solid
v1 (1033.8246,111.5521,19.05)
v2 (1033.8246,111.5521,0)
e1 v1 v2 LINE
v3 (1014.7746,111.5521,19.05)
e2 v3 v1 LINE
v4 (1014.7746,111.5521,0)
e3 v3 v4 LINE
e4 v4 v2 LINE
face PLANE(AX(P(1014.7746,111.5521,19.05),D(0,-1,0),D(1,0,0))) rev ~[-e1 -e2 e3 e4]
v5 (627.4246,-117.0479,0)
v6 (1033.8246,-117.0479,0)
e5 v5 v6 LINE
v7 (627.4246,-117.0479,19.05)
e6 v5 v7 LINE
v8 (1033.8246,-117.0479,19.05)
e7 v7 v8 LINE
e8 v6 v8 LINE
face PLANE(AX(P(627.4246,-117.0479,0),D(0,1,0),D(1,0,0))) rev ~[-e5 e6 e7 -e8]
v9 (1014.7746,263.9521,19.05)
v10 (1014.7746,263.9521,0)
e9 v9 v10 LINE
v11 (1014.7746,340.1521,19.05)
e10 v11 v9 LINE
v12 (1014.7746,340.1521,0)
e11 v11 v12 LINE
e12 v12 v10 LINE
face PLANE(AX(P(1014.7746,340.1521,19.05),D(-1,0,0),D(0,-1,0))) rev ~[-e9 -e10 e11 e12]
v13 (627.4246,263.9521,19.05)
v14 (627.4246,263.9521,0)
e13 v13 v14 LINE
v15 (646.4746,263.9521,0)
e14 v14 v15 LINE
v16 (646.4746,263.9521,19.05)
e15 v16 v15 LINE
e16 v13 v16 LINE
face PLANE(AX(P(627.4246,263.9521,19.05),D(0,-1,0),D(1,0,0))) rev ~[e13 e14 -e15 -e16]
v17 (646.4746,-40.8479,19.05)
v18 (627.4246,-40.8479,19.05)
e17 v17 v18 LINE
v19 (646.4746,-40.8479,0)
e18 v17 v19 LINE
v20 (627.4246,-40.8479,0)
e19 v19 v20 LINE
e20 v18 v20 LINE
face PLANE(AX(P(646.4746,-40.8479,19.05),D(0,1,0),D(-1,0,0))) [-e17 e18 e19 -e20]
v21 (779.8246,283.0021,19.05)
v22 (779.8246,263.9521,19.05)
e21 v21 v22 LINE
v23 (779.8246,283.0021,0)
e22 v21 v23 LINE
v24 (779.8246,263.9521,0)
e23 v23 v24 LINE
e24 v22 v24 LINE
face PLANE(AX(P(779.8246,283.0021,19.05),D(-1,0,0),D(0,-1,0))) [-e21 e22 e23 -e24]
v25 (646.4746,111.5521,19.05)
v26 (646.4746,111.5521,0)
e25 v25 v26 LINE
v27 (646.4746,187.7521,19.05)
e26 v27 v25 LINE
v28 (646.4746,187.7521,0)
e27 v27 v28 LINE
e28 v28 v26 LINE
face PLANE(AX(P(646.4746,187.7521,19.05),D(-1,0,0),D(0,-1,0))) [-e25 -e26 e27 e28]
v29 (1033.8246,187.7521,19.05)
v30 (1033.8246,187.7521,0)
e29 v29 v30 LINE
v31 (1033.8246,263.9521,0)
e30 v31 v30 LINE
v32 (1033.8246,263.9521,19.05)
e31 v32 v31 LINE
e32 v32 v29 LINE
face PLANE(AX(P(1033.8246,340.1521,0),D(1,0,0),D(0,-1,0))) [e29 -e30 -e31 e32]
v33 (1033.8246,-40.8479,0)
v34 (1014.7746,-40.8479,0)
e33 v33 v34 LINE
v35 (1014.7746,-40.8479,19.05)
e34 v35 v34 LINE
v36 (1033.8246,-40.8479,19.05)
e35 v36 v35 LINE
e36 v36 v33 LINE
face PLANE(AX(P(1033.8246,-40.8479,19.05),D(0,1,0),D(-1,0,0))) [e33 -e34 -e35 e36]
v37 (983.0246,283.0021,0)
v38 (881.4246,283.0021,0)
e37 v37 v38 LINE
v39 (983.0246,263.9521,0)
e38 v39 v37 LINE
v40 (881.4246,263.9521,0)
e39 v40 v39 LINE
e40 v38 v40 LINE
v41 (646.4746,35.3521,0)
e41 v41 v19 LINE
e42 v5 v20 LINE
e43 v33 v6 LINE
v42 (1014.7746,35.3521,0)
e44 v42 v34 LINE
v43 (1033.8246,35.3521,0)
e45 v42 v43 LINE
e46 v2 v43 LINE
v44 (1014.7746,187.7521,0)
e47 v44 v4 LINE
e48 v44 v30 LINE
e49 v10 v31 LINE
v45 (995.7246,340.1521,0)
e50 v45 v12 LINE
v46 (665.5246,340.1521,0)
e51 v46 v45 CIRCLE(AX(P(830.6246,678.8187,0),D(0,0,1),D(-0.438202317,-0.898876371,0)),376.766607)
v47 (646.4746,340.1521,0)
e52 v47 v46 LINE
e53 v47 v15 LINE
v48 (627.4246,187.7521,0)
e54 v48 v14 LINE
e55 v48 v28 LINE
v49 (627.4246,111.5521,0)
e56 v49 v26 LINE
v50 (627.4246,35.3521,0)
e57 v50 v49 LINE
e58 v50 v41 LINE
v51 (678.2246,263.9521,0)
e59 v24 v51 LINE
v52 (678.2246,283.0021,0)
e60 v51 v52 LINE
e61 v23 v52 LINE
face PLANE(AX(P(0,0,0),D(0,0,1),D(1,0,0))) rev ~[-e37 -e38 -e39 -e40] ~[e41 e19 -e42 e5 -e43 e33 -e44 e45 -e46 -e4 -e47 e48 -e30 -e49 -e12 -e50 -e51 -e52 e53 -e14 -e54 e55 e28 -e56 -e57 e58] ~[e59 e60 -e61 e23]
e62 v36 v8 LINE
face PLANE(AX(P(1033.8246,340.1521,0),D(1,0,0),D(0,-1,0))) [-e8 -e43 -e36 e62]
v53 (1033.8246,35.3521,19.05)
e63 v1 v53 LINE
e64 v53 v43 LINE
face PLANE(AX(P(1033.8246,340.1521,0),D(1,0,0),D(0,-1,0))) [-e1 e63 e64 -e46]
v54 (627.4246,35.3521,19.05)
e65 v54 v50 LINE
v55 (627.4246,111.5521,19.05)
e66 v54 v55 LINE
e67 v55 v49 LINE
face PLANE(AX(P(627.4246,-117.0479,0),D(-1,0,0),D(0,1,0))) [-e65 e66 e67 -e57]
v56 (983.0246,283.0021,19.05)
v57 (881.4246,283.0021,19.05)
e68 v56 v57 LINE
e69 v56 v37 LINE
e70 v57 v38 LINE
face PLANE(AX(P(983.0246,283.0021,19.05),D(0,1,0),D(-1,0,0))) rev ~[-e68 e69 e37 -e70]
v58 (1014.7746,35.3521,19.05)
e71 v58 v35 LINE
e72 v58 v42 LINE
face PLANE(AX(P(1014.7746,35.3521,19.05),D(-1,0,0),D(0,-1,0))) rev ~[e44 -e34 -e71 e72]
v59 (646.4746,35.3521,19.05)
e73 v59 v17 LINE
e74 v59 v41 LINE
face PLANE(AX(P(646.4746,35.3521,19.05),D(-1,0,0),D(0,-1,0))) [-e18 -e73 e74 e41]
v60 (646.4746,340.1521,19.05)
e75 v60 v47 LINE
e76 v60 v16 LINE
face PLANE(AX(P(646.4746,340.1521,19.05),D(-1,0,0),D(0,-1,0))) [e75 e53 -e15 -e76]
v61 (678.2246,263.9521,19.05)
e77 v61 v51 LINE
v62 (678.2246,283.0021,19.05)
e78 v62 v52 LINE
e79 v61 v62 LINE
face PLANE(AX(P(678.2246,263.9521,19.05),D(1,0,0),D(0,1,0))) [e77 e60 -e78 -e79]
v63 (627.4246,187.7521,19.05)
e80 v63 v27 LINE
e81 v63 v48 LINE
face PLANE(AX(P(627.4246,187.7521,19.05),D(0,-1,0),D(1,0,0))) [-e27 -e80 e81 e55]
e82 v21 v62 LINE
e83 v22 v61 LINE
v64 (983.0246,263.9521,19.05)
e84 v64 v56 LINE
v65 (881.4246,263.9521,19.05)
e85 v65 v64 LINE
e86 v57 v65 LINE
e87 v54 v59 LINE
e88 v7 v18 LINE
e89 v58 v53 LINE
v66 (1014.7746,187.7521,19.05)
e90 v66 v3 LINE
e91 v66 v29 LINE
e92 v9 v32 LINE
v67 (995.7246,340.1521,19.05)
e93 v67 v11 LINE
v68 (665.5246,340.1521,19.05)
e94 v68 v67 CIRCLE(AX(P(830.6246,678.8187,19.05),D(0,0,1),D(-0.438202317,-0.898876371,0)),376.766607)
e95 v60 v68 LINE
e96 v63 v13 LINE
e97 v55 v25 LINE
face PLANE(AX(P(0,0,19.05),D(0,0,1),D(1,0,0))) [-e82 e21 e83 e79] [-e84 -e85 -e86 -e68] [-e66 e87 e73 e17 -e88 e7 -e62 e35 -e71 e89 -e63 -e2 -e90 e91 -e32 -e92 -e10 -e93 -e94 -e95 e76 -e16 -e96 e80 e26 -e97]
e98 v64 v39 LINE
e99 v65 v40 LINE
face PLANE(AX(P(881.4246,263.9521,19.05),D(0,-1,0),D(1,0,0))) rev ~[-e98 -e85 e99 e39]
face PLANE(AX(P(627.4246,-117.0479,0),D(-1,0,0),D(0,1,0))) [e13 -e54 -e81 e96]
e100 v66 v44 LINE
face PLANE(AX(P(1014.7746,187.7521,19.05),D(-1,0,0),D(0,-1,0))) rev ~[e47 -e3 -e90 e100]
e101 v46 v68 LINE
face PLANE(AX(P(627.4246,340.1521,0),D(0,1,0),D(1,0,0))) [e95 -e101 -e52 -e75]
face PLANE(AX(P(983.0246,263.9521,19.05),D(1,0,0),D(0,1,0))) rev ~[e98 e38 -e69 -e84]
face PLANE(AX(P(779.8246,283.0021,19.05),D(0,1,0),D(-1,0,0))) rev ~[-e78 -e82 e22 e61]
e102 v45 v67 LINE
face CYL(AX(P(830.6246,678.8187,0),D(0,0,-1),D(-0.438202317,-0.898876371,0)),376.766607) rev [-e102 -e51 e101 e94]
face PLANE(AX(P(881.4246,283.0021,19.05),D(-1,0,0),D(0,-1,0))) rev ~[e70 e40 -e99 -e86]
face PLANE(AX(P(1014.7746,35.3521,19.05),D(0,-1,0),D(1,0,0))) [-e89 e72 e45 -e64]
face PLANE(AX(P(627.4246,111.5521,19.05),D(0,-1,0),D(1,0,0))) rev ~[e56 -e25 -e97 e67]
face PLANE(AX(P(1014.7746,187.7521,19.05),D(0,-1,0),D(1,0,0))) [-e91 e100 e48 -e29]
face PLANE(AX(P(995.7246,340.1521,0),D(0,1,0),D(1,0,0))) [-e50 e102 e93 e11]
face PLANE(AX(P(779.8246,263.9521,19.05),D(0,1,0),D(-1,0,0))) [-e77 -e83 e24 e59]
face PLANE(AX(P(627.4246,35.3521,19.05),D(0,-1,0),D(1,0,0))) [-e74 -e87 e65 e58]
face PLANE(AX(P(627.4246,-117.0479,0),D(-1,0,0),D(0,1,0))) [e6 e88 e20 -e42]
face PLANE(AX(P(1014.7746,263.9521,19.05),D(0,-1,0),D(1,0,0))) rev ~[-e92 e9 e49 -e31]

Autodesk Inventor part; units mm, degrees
ref_plane "YZ Plane" through (0, 0, 0) normal (1, 0, 0) x (0, 1, 0)
ref_plane "XZ Plane" through (0, 0, 0) normal (0, 1, 0) x (-1, 0, 0)
ref_plane "XY Plane" through (0, 0, 0) normal (0, 0, 1) x (1, 0, 0)
sketch "Sketch1" plane through (0, 0, 0) normal (0, 0, 1) x (1, 0, 0)
  line L0 (1033.8246, 340.1521) -> (1033.8246, -117.0479)
  line L1 (627.4246, -117.0479) -> (627.4246, 340.1521)
  line L2 (627.4246, -117.0479) -> (1033.8246, -117.0479)
  arc A0 (665.5246, 340.1521) -> (995.7246, 340.1521) centre (830.6246, 678.8187) ccw
  line L3 (627.4246, 340.1521) -> (665.5246, 340.1521)
  line L4 (995.7246, 340.1521) -> (1033.8246, 340.1521)
  point P0 (0, 0)
  dimension "d0" = 406.4
  dimension "d1" = 457.2
extrude "Extrusion1" add sketch "Sketch1" along normal blind 19.05
sketch "Sketch2" plane through (0, 0, 19.05) normal (0, 0, 1) x (1, 0, 0)
  line L0 (1033.8246, 340.1521) -> (627.4246, 340.1521) projected
  line L1 (627.4246, -117.0479) -> (-960.0754, -117.0479) projected
  line L2 (627.4246, 340.1521) -> (646.4746, 340.1521)
  line L3 (646.4746, 340.1521) -> (646.4746, -117.0479)
  line L4 (646.4746, -117.0479) -> (627.4246, -117.0479)
  line L5 (627.4246, -117.0479) -> (627.4246, 340.1521)
  line L6 (1033.8246, -117.0479) -> (1033.8246, 340.1521) projected
  line L7 (1033.8246, 340.1521) -> (1014.7746, 340.1521)
  line L8 (1014.7746, 340.1521) -> (1014.7746, -117.0479)
  line L9 (1014.7746, -117.0479) -> (1033.8246, -117.0479)
  line L10 (1033.8246, -117.0479) -> (1033.8246, 340.1521)
  line L11 (627.4246, 340.1521) -> (627.4246, -117.0479) projected
  line L12 (627.4246, 263.9521) -> (646.4746, 263.9521)
  line L13 (1014.7746, 263.9521) -> (1033.8246, 263.9521)
  line L14 (627.4246, 187.7521) -> (646.4746, 187.7521)
  line L15 (1014.7746, 187.7521) -> (1033.8246, 187.7521)
  line L16 (627.4246, 111.5521) -> (646.4746, 111.5521)
  line L17 (1014.7746, 111.5521) -> (1033.8246, 111.5521)
  line L18 (627.4246, 35.3521) -> (646.4746, 35.3521)
  line L19 (1014.7746, 35.3521) -> (1033.8246, 35.3521)
  line L20 (1033.8246, -40.8479) -> (1014.7746, -40.8479)
  line L21 (646.4746, -40.8479) -> (627.4246, -40.8479)
  point P0 (0, 0)
  dimension "d7" = 19.05
  dimension "d8" = 19.05
extrude "Extrusion2" cut sketch "Sketch2" against normal blind 19.05 contours L6 L13 L8 L0 | L3 L12 L5 L0 | L6 L17 L8 L15 | L3 L16 L5 L14 | L6 L20 L8 L19 | L3 L21 L5 L18
sketch "Sketch3" plane through (0, 0, 19.05) normal (0, 0, 1) x (1, 0, 0)
  line L0 (1131.5205, 302.0521) -> (511.2286, 302.0521)
  line L1 (1014.7746, 340.1521) -> (995.7246, 340.1521) projected
  line L2 (1127.4261, 283.0021) -> (305.147, 283.0021)
  line L3 (830.6246, 74.0239) -> (830.6246, 388.6053)
  line L4 (1033.8246, 187.7521) -> (1033.8246, 263.9521) projected
  line L5 (983.0246, 283.0021) -> (881.4246, 283.0021)
  line L6 (881.4246, 283.0021) -> (881.4246, 263.9521)
  line L7 (881.4246, 263.9521) -> (983.0246, 263.9521)
  line L8 (983.0246, 263.9521) -> (983.0246, 283.0021)
  line L9 (1014.7746, 263.9521) -> (1014.7746, 340.1521) projected
  line L10 (678.2246, 283.0021) -> (779.8246, 283.0021)
  line L11 (779.8246, 283.0021) -> (779.8246, 263.9521)
  line L12 (779.8246, 263.9521) -> (678.2246, 263.9521)
  line L13 (678.2246, 263.9521) -> (678.2246, 283.0021)
  line L14 (646.4746, 340.1521) -> (646.4746, 263.9521) projected
  point P0 (0, 0)
  dimension "d24" = 38.1
  dimension "d25" = 19.05
  dimension "d26" = 203.2
  dimension "d27" = 31.75
  dimension "d28" = 101.6
  dimension "d29" = 19.05
  dimension "d30" = 31.75
  dimension "d31" = 101.6
  dimension "d32" = 19.05
extrude "Extrusion3" cut sketch "Sketch3" against normal blind 25.4 contours L8 L7 L6 L2 | L11 L12 L13 L2
properties part number "right side" material "Wood (Birch)"
